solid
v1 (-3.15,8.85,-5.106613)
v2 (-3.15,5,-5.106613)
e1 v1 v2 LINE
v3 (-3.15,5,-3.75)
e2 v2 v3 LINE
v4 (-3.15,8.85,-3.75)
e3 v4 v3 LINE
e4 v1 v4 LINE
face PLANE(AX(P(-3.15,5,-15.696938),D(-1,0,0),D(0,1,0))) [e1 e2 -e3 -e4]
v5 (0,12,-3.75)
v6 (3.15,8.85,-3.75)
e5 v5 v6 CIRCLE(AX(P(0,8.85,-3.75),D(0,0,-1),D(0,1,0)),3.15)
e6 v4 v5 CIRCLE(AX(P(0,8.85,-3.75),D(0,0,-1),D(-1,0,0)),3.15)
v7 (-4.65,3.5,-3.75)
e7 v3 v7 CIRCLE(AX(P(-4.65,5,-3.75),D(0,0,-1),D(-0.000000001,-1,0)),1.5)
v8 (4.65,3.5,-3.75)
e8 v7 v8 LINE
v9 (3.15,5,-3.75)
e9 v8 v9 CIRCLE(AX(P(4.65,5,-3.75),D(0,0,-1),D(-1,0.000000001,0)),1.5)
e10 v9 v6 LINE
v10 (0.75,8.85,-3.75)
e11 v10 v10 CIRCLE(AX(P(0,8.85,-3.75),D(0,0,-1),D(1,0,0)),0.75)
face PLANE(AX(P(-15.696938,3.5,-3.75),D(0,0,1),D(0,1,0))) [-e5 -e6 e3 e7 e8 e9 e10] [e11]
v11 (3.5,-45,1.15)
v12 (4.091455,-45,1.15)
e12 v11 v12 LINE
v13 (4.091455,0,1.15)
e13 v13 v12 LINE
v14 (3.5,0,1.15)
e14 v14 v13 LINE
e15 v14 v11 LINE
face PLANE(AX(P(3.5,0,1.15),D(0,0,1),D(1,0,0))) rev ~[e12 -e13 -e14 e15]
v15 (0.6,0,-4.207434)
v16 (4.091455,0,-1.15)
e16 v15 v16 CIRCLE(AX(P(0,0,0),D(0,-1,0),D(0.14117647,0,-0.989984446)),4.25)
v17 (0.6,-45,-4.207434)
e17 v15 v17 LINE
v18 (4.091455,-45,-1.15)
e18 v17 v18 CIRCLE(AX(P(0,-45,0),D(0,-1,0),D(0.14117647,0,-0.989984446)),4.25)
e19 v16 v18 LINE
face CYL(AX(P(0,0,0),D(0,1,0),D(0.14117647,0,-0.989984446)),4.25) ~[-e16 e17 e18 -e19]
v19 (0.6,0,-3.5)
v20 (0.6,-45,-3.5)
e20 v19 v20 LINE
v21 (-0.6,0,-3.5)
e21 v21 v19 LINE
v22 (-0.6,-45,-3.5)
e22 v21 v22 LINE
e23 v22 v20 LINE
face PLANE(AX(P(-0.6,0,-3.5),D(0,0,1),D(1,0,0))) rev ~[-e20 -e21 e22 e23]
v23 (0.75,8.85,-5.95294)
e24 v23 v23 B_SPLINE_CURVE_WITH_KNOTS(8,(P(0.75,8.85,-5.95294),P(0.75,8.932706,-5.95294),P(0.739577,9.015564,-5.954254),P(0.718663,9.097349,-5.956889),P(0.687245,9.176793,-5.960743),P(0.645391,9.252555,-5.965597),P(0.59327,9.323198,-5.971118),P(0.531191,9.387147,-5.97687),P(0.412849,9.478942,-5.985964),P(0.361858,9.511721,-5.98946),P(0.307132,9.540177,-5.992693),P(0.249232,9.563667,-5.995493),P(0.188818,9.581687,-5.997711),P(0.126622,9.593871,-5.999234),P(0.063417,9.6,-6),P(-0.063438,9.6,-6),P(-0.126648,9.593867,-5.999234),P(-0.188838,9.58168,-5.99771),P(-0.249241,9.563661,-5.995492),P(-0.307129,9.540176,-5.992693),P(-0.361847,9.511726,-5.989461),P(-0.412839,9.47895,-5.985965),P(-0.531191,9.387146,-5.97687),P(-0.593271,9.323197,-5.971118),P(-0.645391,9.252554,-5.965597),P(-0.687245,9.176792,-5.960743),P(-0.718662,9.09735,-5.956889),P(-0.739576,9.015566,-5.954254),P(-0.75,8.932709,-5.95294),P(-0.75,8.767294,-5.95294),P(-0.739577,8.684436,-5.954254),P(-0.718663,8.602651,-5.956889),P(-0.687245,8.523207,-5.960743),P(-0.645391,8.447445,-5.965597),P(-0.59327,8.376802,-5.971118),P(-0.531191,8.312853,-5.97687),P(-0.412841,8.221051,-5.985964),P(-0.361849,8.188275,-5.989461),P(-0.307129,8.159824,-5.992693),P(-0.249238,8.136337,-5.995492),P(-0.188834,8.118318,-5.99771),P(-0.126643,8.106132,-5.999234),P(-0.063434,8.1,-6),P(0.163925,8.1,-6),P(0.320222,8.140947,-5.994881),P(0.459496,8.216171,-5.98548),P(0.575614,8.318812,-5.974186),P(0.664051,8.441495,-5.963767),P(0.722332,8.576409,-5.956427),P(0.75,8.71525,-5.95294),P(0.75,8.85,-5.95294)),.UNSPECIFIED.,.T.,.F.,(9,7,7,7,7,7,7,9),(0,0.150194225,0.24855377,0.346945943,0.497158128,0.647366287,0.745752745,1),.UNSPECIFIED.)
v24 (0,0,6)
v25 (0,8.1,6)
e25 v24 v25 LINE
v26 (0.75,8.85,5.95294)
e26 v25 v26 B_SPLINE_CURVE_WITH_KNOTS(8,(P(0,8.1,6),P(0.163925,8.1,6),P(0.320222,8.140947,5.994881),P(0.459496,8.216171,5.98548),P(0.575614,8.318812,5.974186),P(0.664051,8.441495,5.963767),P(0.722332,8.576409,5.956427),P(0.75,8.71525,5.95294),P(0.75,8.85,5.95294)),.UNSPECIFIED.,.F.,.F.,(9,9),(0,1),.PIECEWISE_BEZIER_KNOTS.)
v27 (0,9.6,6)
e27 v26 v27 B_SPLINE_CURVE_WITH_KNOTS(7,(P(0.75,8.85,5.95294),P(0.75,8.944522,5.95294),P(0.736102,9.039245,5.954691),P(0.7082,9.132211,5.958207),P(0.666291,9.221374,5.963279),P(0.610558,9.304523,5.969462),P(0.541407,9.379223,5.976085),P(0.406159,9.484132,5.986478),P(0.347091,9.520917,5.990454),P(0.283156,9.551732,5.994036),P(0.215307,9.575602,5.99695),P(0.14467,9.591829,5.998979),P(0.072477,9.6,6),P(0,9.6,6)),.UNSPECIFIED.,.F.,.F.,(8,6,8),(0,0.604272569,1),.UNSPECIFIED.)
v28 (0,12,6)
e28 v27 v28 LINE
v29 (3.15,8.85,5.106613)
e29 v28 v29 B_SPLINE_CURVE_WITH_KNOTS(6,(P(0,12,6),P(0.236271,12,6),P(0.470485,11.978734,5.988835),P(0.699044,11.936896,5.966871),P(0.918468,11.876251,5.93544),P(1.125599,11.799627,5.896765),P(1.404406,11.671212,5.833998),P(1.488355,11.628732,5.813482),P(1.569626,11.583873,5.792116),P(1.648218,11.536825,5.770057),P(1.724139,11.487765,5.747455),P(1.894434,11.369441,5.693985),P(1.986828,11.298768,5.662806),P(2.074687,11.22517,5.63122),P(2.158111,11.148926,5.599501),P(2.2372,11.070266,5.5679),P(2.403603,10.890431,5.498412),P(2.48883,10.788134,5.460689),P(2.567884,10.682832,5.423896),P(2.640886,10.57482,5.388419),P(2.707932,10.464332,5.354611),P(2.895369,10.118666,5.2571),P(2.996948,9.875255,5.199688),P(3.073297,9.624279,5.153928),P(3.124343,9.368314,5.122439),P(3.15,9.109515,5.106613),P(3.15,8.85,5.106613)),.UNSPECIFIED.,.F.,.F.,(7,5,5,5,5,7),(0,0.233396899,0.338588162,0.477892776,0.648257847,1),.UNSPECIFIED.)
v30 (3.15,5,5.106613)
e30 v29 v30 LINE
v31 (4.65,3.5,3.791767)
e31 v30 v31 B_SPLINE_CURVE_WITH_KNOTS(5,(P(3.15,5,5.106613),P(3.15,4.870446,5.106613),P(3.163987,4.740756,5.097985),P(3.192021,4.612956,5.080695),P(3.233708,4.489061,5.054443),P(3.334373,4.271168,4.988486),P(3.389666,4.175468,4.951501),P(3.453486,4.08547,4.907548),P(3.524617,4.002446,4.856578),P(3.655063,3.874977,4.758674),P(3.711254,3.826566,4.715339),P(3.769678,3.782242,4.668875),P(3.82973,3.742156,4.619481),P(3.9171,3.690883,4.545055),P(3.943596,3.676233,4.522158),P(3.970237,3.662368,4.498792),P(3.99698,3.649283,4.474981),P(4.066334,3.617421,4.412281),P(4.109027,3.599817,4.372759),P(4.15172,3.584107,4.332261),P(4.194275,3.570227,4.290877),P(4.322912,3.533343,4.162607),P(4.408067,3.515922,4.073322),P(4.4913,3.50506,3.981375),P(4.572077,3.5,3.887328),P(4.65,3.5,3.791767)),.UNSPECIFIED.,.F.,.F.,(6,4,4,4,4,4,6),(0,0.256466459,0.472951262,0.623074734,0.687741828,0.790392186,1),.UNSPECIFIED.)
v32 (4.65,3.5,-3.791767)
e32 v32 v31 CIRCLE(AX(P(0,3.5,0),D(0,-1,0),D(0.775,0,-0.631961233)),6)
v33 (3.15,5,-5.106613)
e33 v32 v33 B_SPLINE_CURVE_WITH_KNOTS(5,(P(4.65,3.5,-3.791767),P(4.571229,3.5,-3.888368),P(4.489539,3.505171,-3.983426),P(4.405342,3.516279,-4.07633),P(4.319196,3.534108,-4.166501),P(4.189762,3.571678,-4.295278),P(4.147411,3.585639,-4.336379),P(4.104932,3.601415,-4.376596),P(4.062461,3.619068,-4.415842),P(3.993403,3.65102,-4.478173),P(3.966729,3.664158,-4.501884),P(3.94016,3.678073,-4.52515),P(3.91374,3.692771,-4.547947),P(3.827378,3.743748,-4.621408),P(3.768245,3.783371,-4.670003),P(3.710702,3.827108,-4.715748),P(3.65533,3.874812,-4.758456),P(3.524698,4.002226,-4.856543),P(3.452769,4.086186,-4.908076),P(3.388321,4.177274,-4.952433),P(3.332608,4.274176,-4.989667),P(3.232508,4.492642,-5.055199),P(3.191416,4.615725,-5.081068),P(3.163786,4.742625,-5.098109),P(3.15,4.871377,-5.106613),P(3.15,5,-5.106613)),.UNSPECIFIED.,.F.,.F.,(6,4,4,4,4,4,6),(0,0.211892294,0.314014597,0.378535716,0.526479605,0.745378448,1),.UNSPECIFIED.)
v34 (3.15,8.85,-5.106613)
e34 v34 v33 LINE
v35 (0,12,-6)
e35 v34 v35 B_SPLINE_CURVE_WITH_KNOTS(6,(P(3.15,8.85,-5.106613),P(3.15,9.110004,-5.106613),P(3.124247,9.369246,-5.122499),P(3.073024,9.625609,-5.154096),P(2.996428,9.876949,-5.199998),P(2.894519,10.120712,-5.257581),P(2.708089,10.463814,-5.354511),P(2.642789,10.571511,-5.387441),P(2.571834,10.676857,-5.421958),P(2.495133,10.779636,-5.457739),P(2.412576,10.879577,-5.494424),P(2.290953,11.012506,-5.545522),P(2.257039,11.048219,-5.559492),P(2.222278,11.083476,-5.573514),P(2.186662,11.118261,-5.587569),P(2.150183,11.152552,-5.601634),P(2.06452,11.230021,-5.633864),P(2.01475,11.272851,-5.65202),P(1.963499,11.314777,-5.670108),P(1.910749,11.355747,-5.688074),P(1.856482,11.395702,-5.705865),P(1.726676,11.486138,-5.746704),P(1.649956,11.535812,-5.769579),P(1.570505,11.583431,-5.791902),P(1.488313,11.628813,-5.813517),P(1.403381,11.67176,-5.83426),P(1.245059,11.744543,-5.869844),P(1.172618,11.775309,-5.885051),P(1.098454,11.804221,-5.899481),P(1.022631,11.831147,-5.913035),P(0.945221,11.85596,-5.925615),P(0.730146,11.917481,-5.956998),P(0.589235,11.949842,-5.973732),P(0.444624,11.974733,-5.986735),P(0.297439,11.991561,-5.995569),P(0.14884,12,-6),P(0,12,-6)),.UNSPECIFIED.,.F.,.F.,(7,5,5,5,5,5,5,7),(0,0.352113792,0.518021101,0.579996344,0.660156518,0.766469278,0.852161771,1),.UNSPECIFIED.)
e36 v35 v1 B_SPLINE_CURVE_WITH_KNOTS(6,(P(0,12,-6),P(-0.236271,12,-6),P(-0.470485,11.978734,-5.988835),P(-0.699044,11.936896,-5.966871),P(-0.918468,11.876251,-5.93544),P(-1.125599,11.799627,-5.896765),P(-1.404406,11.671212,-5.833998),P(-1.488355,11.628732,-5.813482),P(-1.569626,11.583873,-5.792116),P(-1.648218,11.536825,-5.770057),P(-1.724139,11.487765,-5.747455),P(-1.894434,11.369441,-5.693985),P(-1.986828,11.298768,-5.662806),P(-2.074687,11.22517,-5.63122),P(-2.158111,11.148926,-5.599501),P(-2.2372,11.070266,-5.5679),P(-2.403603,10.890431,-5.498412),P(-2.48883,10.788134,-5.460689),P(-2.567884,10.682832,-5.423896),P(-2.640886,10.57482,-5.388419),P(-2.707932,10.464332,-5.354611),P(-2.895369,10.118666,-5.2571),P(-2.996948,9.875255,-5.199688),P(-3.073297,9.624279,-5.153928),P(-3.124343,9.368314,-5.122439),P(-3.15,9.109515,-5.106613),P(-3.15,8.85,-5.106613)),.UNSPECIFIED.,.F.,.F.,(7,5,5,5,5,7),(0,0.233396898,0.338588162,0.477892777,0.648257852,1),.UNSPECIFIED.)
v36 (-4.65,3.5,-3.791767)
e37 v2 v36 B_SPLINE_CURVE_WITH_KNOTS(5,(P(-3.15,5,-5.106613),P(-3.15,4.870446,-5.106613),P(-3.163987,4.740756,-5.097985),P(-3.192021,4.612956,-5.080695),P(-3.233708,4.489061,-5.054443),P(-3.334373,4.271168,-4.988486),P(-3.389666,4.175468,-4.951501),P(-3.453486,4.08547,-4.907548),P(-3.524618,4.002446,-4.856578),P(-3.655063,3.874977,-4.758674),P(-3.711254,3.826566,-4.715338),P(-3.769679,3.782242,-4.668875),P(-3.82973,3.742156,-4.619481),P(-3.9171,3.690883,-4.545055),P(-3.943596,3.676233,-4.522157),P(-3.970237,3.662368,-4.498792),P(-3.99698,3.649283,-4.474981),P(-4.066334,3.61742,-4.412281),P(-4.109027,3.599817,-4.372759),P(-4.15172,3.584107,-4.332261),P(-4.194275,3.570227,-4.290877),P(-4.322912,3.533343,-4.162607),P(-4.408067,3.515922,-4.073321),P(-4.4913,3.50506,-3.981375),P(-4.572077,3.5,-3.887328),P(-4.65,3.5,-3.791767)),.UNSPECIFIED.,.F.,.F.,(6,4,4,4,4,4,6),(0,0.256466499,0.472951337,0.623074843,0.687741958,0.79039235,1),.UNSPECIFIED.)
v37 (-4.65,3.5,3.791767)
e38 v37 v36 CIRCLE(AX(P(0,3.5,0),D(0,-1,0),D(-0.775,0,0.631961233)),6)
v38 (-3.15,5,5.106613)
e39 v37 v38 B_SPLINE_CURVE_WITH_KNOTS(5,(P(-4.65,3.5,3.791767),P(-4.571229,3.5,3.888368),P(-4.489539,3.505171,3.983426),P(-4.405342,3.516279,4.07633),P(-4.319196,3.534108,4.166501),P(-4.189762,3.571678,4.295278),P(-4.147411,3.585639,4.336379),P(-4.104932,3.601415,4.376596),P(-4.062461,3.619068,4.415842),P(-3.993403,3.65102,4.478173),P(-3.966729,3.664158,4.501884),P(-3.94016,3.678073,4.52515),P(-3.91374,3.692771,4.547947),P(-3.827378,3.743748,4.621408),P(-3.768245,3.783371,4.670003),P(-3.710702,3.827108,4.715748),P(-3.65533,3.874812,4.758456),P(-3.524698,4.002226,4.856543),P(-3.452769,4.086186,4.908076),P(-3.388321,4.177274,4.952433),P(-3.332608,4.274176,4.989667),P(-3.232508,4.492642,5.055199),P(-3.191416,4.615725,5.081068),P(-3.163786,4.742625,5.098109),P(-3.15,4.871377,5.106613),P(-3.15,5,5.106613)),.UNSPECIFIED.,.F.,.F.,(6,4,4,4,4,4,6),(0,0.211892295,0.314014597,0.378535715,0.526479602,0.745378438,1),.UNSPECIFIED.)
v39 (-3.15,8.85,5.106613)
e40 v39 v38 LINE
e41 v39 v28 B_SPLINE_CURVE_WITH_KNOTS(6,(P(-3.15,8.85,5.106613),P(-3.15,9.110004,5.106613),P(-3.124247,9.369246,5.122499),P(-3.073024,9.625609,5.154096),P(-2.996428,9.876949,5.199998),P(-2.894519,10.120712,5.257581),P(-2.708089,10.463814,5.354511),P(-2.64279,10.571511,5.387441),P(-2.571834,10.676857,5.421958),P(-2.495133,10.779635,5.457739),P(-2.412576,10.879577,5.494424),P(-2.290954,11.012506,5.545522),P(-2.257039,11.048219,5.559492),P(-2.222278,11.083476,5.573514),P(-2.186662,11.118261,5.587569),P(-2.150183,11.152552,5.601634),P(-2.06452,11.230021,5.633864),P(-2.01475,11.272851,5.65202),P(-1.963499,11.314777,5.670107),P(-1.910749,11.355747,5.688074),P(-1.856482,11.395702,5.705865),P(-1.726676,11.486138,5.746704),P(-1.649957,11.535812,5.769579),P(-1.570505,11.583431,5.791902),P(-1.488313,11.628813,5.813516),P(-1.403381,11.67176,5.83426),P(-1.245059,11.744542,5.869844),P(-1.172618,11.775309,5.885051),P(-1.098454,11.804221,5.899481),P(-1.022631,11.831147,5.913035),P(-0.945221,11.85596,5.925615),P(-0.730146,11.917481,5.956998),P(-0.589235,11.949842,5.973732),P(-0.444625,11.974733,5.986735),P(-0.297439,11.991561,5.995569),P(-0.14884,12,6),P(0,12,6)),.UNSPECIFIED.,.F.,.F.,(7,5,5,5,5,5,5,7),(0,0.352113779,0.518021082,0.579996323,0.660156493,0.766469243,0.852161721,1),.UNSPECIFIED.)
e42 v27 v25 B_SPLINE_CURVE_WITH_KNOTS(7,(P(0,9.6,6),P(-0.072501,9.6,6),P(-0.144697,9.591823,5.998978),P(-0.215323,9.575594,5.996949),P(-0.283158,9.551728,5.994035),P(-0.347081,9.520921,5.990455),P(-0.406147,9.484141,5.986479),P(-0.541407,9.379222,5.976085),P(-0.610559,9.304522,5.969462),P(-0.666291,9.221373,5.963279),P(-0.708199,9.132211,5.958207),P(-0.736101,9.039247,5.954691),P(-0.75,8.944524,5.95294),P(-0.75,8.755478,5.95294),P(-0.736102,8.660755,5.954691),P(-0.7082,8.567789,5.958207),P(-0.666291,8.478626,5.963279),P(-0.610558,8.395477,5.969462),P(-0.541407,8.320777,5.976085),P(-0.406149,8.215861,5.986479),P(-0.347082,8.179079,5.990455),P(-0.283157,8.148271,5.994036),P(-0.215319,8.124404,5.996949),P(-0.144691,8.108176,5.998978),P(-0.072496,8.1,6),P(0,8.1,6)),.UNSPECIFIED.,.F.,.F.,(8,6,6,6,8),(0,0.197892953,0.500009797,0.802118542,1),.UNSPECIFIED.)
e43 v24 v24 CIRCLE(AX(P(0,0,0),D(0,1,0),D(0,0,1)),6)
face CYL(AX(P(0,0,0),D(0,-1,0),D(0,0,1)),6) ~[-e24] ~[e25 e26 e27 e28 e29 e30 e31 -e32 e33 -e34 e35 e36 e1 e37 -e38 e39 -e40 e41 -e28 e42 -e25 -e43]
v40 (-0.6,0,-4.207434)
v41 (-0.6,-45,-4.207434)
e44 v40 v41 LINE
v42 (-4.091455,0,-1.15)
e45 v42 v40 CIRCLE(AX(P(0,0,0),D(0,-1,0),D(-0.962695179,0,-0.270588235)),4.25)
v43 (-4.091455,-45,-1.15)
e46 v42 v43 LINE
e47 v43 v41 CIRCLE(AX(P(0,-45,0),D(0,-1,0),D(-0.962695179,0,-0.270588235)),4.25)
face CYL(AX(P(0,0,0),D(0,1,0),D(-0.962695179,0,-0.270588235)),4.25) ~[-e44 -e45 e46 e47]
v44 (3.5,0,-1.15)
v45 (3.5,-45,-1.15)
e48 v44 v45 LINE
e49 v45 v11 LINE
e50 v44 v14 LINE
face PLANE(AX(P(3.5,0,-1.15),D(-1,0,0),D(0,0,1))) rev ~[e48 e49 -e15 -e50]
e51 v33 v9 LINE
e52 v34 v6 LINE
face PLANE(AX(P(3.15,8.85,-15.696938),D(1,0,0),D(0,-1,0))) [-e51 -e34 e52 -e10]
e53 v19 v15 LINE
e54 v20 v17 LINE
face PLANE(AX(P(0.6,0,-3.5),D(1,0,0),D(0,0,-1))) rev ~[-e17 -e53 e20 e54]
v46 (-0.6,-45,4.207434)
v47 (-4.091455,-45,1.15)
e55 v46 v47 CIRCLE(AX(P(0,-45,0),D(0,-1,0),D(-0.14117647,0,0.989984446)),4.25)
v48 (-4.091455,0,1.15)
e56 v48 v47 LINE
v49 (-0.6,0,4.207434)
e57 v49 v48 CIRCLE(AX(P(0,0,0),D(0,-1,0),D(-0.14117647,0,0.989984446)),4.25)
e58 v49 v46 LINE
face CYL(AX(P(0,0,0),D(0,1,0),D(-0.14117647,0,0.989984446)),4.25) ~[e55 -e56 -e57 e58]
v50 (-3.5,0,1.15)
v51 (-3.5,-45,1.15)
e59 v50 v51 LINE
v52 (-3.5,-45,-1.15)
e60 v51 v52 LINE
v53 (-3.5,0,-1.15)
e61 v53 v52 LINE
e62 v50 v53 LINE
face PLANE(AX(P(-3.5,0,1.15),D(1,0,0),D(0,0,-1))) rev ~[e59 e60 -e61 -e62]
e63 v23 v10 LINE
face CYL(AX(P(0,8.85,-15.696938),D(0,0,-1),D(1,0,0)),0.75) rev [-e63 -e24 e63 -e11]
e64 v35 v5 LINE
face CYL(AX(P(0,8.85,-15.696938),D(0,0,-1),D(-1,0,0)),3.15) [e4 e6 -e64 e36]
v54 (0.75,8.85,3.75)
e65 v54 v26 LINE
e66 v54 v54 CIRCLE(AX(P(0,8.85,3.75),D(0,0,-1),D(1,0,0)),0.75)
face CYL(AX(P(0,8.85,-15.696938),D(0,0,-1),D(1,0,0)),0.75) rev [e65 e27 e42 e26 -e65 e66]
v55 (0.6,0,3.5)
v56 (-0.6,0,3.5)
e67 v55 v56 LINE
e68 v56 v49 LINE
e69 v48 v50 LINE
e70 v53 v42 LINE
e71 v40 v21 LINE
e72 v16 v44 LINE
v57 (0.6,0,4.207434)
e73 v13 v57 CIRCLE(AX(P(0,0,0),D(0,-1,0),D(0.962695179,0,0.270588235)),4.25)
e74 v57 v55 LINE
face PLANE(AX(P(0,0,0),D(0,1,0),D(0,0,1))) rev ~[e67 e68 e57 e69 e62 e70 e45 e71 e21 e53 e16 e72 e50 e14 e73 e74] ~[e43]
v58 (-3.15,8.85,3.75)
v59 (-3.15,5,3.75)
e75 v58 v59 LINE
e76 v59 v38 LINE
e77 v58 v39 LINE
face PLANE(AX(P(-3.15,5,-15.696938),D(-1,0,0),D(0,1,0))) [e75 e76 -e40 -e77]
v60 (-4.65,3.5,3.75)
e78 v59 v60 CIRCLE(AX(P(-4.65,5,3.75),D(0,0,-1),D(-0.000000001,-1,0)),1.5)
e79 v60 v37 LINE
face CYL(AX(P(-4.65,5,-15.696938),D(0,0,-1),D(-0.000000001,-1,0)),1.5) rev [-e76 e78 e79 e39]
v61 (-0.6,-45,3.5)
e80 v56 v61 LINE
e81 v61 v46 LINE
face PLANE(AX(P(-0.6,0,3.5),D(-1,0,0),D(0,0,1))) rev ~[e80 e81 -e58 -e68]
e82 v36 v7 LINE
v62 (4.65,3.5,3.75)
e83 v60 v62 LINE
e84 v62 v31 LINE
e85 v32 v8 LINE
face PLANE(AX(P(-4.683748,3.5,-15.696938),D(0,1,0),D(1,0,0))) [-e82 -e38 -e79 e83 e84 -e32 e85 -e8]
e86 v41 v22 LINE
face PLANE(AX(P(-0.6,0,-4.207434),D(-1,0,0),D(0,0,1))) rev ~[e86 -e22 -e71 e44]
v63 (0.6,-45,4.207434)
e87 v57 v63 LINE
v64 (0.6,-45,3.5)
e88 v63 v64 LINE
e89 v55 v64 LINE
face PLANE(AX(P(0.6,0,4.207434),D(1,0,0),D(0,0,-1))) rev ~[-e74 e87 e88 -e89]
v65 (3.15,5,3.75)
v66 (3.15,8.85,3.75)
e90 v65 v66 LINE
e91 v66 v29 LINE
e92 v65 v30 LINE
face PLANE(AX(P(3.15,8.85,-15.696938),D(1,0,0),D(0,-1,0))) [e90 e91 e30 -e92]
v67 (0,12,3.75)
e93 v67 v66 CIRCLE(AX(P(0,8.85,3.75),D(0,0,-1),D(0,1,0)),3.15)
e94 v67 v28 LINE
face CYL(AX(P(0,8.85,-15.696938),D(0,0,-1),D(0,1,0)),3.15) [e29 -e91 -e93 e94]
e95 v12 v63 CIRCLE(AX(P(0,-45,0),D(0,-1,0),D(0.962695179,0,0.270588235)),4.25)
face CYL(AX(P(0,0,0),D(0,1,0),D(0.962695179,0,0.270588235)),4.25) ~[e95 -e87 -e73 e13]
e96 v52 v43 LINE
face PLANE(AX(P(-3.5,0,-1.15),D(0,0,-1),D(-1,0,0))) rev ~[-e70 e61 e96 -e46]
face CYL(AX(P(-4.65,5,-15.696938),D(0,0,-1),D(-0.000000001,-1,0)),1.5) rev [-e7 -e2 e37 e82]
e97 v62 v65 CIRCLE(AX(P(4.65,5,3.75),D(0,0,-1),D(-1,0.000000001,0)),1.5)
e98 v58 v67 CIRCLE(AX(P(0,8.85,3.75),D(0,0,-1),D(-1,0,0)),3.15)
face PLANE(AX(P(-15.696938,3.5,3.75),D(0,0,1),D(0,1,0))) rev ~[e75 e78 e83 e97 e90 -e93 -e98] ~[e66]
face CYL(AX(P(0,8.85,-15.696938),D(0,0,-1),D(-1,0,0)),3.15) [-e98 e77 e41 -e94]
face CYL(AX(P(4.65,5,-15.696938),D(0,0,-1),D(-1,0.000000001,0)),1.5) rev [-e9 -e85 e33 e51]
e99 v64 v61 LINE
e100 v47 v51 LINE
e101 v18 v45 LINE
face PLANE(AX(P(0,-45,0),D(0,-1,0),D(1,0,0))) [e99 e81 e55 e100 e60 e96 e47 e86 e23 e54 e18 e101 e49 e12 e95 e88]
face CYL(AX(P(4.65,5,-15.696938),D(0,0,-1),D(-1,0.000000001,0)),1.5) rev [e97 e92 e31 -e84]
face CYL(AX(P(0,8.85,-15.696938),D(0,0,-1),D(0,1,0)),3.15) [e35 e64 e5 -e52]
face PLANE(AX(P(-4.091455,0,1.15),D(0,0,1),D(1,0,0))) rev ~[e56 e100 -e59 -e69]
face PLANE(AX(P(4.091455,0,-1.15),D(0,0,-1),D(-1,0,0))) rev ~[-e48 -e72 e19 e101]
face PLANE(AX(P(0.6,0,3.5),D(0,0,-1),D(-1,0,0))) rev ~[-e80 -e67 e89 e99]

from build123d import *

# Parameters (mm, degrees)
SKETCH1_R               = 6
BOSS_EXTRUDE1_DEPTH     = 12
CUT_EXTRUDE1_DEPTH      = 15.696938457
CUT_EXTRUDE1_DEPTH_BACK = 15.696938457
SKETCH2_W               = 7.5
SKETCH2_H               = 8.5
CUT_EXTRUDE2_DEPTH      = 15.696938457
CUT_EXTRUDE2_DEPTH_BACK = 15.696938457
SKETCH3_R               = 0.75
BOSS_EXTRUDE2_DEPTH     = 45


with BuildPart() as part:
    # Sketch1 → Boss-Extrude1 (new body)
    with BuildSketch(Plane(origin=(0, 0, 0), x_dir=(1, 0, 0), z_dir=(0, 1, 0))):
        with Locations(Location((0, 0, 0), (0, 0, 270))):
            Circle(SKETCH1_R)
    extrude(amount=BOSS_EXTRUDE1_DEPTH)

    # Sketch2 → Cut-Extrude1 (cut, two sides: drawn at the far end of the back side and taken through both)
    with BuildSketch(Plane(origin=(0, 0, 0), x_dir=(0, 0, -1), z_dir=(1, 0, 0)).offset(-CUT_EXTRUDE1_DEPTH_BACK)):
        with Locations((0, 7.75)):
            Rectangle(SKETCH2_W, SKETCH2_H)
    extrude(amount=CUT_EXTRUDE1_DEPTH + CUT_EXTRUDE1_DEPTH_BACK, mode=Mode.SUBTRACT)

    # Sketch3 → Cut-Extrude2 (cut, two sides: drawn at the far end of the back side and taken through both)
    with BuildSketch(Plane.XY.offset(-CUT_EXTRUDE2_DEPTH_BACK)):
        with BuildLine():
            Line((-3.15, 5), (-3.15, 8.85))
            ThreePointArc((-3.15, 8.85), (-2.227386361, 11.077386361), (0, 12))
            Line((0, 12), (-4.683748499, 12))
            Line((-4.683748499, 12), (-4.683748499, 3.5))
            Line((-4.683748499, 3.5), (-4.65, 3.5))
            ThreePointArc((-4.65, 3.5), (-3.589339828, 3.939339828), (-3.15, 5))
        make_face()
        with BuildLine():
            Line((4.683748499, 12), (0, 12))
            ThreePointArc((0, 12), (2.227386361, 11.077386361), (3.15, 8.85))
            Line((3.15, 8.85), (3.15, 5))
            ThreePointArc((3.15, 5), (3.589339828, 3.939339828), (4.65, 3.5))
            Line((4.65, 3.5), (4.683748499, 3.5))
            Line((4.683748499, 3.5), (4.683748499, 12))
        make_face()
        with Locations((0, 8.85)):
            Circle(SKETCH3_R)
    extrude(amount=CUT_EXTRUDE2_DEPTH + CUT_EXTRUDE2_DEPTH_BACK, mode=Mode.SUBTRACT)

    # Sketch4 → Boss-Extrude2 (add)
    with BuildSketch(Plane.XZ):
        with BuildLine():
            Line((-0.6, 3.5), (-0.6, 4.207433897))
            ThreePointArc((-0.6, 4.207433897), (-2.799894973, 3.19735643), (-4.091454509, 1.15))
            Line((-4.091454509, 1.15), (-3.5, 1.15))
            Line((-3.5, 1.15), (-3.5, -1.15))
            Line((-3.5, -1.15), (-4.091454509, -1.15))
            ThreePointArc((-4.091454509, -1.15), (-2.799894973, -3.19735643), (-0.6, -4.207433897))
            Line((-0.6, -4.207433897), (-0.6, -3.5))
            Line((-0.6, -3.5), (0.6, -3.5))
            Line((0.6, -3.5), (0.6, -4.207433897))
            ThreePointArc((0.6, -4.207433897), (2.799894973, -3.19735643), (4.091454509, -1.15))
            Line((4.091454509, -1.15), (3.5, -1.15))
            Line((3.5, -1.15), (3.5, 1.15))
            Line((3.5, 1.15), (4.091454509, 1.15))
            ThreePointArc((4.091454509, 1.15), (2.799894973, 3.19735643), (0.6, 4.207433897))
            Line((0.6, 4.207433897), (0.6, 3.5))
            Line((0.6, 3.5), (-0.6, 3.5))
        make_face()
    extrude(amount=BOSS_EXTRUDE2_DEPTH)


solid = part.part
